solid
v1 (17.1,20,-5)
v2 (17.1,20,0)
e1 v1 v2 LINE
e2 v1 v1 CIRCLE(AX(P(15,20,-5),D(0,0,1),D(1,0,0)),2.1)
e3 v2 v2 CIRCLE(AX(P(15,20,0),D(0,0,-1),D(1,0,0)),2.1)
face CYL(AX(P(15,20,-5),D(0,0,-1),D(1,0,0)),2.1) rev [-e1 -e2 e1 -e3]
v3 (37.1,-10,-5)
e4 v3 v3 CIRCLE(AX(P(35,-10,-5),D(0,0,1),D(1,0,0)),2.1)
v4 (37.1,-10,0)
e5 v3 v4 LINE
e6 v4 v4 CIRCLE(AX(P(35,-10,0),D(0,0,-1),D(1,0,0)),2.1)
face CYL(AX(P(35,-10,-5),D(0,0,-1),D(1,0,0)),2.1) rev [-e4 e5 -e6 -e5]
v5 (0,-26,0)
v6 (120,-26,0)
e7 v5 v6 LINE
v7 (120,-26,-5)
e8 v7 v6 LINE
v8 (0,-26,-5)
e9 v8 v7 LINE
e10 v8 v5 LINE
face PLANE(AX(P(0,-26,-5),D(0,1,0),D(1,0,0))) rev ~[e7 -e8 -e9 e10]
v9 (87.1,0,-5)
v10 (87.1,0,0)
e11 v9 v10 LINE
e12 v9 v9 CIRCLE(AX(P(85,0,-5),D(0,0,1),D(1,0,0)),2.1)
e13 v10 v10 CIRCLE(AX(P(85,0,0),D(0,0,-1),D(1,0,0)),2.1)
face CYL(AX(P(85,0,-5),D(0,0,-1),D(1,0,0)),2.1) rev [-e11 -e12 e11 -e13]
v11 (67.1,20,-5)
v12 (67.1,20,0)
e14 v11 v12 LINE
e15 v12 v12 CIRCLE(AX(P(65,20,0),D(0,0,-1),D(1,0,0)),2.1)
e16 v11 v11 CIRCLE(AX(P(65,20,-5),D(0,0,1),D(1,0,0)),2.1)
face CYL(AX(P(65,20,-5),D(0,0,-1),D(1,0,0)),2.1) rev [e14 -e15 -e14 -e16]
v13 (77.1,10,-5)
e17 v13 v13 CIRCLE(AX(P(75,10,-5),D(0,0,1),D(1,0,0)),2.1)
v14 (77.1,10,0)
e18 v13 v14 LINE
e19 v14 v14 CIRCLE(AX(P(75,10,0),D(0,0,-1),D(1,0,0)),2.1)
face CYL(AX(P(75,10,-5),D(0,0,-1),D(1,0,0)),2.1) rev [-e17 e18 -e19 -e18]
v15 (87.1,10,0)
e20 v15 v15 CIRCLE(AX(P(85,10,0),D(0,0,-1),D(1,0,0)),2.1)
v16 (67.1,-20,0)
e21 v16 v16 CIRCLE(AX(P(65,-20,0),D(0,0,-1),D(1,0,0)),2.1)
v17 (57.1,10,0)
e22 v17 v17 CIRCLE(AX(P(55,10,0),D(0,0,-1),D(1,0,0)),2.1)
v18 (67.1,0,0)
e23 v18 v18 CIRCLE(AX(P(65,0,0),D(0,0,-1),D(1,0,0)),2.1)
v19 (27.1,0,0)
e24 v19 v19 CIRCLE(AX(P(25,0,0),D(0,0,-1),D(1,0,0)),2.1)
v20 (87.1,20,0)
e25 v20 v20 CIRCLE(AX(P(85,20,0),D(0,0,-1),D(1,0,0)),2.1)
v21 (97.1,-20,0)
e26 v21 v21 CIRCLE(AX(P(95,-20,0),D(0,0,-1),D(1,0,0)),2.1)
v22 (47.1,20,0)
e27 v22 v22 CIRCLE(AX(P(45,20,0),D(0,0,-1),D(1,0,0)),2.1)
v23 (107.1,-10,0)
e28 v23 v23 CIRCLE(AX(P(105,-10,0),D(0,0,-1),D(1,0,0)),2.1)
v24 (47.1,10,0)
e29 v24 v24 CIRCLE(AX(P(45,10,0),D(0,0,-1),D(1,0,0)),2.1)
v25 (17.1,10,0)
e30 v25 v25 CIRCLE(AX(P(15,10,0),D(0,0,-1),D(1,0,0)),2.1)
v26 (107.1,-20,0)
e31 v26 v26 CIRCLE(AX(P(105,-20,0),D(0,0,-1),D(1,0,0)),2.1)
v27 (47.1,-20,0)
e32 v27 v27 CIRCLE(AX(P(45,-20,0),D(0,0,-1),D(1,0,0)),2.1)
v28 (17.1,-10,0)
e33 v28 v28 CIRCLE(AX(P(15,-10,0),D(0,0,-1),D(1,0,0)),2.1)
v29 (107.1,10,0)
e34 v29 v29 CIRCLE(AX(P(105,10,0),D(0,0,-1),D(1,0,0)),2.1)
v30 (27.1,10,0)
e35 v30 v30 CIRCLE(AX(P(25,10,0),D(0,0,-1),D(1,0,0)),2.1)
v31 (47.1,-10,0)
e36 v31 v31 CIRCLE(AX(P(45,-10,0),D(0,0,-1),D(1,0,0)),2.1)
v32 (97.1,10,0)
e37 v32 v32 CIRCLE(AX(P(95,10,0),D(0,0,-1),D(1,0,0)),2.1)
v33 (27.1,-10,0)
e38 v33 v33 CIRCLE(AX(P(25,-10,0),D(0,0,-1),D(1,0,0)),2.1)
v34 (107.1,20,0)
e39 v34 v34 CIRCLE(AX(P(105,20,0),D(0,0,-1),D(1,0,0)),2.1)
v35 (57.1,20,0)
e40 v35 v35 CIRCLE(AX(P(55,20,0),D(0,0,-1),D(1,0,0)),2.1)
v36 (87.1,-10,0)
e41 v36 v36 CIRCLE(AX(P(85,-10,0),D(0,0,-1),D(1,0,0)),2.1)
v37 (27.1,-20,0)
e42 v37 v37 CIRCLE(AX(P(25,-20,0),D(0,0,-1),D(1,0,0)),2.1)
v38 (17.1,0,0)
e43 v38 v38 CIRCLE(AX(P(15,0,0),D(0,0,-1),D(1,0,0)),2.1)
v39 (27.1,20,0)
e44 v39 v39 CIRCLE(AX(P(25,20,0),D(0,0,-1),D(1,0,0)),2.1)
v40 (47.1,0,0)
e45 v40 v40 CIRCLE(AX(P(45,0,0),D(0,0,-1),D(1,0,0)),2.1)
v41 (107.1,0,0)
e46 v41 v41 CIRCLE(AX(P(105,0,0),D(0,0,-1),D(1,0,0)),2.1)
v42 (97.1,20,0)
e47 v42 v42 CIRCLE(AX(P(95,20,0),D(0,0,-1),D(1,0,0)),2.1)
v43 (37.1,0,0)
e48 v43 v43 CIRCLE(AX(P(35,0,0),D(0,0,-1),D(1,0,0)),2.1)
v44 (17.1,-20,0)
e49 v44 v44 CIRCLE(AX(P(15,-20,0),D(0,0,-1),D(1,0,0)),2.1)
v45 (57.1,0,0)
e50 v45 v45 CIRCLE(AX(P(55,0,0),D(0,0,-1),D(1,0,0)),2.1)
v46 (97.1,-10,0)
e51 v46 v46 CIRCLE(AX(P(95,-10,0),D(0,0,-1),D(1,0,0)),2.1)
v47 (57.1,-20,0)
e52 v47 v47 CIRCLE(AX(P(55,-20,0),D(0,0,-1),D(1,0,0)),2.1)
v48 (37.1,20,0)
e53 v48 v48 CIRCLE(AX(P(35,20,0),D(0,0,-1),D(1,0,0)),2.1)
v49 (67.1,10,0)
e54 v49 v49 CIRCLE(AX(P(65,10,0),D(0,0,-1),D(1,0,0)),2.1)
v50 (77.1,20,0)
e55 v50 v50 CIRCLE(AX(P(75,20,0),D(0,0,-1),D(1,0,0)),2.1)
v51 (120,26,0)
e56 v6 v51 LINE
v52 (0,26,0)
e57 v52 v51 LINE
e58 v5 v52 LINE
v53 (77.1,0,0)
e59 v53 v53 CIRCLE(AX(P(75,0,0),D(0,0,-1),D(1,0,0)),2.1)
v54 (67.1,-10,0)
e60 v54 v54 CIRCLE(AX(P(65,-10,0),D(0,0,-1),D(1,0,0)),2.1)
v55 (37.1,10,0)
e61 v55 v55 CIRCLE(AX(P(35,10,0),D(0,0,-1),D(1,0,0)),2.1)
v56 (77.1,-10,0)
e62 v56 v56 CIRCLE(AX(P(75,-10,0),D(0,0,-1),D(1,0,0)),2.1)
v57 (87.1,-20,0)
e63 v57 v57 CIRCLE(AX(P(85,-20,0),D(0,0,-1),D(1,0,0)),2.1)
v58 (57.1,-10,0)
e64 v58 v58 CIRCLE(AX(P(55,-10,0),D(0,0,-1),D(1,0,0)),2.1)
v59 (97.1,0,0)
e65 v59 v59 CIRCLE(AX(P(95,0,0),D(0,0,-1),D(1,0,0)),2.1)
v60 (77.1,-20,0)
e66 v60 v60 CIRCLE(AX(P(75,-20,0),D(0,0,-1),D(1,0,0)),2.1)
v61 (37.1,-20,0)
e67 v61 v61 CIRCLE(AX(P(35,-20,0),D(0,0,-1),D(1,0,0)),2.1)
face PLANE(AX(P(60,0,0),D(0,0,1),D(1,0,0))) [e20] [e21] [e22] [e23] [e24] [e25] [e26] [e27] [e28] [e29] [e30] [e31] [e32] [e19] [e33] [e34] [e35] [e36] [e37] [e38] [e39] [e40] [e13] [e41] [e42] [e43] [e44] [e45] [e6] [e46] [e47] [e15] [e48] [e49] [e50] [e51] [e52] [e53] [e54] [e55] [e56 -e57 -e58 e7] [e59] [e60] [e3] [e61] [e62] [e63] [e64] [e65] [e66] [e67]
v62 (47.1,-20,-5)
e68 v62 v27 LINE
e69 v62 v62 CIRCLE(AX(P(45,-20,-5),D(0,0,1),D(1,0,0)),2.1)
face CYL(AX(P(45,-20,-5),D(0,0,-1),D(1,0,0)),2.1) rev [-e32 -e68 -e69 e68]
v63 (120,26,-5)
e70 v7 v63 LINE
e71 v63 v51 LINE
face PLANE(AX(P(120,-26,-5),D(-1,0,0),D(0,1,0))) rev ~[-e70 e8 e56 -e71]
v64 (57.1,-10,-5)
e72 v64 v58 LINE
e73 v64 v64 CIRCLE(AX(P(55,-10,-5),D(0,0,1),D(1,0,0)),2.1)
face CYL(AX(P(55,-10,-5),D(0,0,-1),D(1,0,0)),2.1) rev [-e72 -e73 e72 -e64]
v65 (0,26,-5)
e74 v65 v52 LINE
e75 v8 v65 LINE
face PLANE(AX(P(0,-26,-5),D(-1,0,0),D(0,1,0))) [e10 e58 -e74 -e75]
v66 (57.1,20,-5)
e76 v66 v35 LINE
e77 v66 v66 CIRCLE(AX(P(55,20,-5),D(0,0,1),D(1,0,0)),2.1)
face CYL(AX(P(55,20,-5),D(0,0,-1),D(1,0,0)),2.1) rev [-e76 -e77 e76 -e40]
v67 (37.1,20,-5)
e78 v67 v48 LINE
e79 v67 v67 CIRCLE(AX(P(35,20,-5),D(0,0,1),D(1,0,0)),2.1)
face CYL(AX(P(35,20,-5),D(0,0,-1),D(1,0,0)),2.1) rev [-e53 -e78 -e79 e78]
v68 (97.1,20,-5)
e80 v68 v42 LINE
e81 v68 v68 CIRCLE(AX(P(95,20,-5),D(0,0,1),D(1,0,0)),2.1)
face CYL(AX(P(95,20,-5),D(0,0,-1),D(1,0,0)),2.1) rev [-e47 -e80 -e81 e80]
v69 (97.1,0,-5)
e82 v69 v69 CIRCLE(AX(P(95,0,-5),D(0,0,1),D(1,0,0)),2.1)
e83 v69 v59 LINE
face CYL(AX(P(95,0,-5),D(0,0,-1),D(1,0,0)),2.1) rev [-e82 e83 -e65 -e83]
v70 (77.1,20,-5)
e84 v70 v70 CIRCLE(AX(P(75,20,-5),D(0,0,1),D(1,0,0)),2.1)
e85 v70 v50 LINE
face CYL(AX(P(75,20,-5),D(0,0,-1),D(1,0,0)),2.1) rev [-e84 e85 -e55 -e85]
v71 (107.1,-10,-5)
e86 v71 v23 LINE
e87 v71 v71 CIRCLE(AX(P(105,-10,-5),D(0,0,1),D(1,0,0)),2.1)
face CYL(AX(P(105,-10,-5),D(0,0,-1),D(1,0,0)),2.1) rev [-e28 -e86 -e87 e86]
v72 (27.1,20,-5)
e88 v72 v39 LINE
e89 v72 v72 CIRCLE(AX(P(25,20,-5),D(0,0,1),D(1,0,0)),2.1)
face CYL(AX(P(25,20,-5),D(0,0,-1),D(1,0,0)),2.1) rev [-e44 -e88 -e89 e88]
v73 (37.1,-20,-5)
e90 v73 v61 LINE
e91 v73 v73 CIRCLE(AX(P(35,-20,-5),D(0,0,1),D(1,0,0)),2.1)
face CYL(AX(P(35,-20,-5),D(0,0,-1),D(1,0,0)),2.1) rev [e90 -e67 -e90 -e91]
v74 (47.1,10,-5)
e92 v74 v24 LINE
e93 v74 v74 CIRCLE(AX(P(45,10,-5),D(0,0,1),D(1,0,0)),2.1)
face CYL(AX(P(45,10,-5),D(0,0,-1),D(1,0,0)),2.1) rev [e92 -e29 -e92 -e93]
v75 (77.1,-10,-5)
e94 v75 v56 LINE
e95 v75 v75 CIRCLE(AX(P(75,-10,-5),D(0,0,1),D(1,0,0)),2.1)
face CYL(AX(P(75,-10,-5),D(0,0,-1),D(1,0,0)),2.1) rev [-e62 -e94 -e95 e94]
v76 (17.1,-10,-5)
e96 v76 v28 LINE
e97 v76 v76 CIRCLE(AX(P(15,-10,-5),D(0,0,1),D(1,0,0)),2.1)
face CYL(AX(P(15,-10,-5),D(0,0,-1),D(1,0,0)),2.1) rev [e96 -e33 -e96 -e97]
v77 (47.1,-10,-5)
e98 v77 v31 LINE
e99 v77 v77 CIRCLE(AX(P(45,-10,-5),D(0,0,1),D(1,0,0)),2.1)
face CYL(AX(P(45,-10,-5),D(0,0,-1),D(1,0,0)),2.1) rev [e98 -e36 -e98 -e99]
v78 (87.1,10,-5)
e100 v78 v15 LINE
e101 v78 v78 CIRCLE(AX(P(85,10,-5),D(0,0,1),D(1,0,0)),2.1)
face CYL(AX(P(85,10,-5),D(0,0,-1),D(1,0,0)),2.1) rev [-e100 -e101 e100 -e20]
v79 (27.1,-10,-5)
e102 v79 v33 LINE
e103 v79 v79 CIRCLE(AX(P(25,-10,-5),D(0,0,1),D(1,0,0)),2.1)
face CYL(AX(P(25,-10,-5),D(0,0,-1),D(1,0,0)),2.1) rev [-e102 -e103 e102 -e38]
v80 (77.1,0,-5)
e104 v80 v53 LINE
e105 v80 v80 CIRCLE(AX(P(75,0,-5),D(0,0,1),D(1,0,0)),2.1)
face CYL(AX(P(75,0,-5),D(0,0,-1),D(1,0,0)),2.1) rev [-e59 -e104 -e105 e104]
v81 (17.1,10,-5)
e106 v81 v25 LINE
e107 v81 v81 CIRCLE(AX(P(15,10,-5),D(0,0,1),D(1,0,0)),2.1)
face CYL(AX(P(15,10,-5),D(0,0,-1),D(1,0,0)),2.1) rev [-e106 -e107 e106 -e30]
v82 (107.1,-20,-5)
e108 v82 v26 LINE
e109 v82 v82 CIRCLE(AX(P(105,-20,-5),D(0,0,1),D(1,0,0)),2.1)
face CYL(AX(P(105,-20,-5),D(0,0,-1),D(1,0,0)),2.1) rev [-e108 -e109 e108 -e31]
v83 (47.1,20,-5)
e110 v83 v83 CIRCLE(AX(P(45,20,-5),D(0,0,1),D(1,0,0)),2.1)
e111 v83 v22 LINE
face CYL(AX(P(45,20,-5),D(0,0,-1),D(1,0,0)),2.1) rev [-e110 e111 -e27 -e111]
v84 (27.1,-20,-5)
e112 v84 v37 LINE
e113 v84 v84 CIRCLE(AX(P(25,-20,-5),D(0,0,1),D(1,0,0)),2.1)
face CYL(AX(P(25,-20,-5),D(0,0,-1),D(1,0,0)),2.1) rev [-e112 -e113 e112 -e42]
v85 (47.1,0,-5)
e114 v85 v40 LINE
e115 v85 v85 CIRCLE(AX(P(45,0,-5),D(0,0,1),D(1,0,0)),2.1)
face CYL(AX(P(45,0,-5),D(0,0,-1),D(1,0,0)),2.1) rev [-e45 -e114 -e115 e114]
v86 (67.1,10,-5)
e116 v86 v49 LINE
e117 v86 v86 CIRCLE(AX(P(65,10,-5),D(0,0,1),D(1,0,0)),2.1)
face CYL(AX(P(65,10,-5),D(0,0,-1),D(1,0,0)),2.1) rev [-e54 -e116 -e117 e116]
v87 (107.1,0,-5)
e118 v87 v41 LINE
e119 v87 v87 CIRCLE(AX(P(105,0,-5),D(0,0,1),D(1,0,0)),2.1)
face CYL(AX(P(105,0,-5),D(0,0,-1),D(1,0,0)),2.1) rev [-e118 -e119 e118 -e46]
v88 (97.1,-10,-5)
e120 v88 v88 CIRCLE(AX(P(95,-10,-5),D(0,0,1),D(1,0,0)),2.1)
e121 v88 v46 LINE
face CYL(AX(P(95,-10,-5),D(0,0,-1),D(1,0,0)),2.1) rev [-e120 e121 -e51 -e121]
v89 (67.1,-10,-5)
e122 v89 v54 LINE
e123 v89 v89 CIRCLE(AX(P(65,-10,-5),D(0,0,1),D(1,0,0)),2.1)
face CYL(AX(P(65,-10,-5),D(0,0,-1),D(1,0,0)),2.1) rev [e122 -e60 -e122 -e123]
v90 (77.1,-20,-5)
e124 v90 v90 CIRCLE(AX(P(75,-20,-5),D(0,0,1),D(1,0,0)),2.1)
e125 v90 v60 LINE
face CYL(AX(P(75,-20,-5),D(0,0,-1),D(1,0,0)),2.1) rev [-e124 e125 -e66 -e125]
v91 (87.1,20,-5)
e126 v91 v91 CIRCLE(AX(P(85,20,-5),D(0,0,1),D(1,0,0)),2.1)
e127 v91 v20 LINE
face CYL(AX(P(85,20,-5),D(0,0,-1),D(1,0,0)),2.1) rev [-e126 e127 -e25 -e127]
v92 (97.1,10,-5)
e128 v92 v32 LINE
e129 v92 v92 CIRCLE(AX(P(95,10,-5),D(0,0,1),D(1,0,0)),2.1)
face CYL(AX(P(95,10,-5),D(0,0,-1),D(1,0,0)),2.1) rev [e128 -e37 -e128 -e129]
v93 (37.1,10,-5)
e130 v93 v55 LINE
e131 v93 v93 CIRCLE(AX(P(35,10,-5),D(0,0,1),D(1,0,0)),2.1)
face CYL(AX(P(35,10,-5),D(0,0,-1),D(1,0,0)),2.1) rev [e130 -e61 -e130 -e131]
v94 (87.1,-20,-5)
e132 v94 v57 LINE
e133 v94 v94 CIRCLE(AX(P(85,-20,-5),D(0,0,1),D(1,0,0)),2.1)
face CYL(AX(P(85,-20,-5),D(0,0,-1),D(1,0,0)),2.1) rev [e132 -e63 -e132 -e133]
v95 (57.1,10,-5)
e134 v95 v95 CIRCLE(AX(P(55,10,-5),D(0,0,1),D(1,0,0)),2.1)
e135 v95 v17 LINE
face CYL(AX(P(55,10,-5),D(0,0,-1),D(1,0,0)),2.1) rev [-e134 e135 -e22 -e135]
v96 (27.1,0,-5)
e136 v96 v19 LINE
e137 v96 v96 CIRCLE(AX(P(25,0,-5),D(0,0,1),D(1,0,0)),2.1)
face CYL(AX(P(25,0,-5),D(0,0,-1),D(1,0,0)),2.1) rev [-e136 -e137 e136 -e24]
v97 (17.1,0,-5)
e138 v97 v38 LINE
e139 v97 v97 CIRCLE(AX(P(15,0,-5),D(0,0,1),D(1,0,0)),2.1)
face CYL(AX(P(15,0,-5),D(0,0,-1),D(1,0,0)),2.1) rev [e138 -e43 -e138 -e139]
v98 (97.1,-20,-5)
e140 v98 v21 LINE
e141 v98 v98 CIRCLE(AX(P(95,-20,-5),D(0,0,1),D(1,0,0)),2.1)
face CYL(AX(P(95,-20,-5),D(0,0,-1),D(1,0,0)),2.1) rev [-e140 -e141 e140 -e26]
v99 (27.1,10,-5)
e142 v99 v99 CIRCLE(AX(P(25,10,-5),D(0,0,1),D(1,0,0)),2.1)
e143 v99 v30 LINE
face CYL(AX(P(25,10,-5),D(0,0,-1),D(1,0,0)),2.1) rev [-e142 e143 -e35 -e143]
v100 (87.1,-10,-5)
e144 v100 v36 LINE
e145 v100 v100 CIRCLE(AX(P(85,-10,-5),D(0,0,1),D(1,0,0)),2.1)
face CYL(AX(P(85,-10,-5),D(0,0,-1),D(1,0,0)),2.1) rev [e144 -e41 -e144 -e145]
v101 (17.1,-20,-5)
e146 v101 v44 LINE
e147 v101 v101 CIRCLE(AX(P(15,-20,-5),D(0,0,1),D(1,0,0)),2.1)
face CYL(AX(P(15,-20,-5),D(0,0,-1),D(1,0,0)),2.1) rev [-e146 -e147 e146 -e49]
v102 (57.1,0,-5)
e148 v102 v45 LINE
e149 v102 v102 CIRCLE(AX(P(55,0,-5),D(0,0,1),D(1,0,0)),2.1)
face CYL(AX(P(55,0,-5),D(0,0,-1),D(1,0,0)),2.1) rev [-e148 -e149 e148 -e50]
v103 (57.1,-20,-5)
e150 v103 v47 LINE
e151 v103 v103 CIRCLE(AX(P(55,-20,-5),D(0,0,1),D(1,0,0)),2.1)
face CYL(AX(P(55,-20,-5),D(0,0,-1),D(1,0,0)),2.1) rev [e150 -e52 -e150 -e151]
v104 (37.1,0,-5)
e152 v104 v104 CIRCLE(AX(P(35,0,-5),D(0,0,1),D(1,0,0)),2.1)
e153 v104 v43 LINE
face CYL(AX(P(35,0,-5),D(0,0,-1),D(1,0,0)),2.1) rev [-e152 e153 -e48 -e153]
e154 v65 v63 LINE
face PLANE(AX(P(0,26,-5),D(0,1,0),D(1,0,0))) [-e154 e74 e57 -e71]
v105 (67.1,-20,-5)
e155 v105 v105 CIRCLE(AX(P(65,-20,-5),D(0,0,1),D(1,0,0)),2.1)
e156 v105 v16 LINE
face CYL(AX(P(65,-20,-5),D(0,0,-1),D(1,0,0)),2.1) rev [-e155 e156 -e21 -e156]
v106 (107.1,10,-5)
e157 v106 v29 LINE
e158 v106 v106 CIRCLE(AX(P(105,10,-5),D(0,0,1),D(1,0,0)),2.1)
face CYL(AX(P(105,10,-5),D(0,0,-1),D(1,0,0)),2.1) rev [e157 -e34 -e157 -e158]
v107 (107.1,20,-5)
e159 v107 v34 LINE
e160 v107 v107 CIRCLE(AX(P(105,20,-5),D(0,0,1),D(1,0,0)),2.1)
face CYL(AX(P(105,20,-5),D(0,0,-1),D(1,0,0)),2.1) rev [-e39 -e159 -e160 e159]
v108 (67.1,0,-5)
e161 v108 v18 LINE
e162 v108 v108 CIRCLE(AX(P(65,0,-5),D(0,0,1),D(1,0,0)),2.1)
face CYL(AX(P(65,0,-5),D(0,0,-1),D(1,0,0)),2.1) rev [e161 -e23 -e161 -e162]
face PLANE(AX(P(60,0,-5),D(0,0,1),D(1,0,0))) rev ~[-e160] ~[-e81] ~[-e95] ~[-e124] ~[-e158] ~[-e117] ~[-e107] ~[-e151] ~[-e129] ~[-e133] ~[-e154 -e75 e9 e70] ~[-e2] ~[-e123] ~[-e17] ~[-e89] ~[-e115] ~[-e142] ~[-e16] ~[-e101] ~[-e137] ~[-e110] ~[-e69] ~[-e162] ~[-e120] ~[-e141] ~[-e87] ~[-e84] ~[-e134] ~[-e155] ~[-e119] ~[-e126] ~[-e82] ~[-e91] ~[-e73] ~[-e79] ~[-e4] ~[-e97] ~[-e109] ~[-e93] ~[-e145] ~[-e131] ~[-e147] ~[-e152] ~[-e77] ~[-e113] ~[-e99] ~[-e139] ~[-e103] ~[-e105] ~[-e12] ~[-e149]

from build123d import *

# Parameters (mm, degrees)
CYLINDER102_R       = 2.1
CYLINDER102_DEPTH   = 10
ARRAY001007_X_COUNT = 10
ARRAY001007_X_PITCH = 10
ARRAY001007_Y_COUNT = 5
ARRAY001007_Y_PITCH = 10
BOX007_W            = 120
BOX007_H            = 52
BOX007_DEPTH        = 5


with BuildPart() as insert_hole_array:
    # Cylinder102 → Cylinder102 (new body)
    with BuildSketch(Plane.XY):
        Circle(CYLINDER102_R)
    extrude(amount=CYLINDER102_DEPTH)

    # Array001007 X: insert_hole array ×10


with BuildPart() as insert_hole_array_1:
    add(insert_hole_array.part)
    with Locations(*[(i * ARRAY001007_X_PITCH, 0, 0) for i in range(1, ARRAY001007_X_COUNT)]):
        add(insert_hole_array.part)

    # Array001007 Y: insert_hole array ×5


with BuildPart() as insert_hole_array_2:
    add(insert_hole_array_1.part)
    with Locations(*[(0, i * ARRAY001007_Y_PITCH, 0) for i in range(1, ARRAY001007_Y_COUNT)]):
        add(insert_hole_array_1.part)


with BuildPart() as insert_hole_array_3:
    # Array001007 placement: moved
    add(insert_hole_array_2.part.moved(Location((15, -20, -5))))


with BuildPart() as bottom_cut:
    # Box007 → Box007 (new body)
    with BuildSketch(Plane(origin=(0, -26, -5), x_dir=(1, 0, 0), z_dir=(0, 0, 1))):
        with Locations((60, 26)):
            Rectangle(BOX007_W, BOX007_H)
    extrude(amount=BOX007_DEPTH)

    # Cut005: cut insert_hole array
    add(insert_hole_array_3.part, mode=Mode.SUBTRACT)


solid = bottom_cut.part
